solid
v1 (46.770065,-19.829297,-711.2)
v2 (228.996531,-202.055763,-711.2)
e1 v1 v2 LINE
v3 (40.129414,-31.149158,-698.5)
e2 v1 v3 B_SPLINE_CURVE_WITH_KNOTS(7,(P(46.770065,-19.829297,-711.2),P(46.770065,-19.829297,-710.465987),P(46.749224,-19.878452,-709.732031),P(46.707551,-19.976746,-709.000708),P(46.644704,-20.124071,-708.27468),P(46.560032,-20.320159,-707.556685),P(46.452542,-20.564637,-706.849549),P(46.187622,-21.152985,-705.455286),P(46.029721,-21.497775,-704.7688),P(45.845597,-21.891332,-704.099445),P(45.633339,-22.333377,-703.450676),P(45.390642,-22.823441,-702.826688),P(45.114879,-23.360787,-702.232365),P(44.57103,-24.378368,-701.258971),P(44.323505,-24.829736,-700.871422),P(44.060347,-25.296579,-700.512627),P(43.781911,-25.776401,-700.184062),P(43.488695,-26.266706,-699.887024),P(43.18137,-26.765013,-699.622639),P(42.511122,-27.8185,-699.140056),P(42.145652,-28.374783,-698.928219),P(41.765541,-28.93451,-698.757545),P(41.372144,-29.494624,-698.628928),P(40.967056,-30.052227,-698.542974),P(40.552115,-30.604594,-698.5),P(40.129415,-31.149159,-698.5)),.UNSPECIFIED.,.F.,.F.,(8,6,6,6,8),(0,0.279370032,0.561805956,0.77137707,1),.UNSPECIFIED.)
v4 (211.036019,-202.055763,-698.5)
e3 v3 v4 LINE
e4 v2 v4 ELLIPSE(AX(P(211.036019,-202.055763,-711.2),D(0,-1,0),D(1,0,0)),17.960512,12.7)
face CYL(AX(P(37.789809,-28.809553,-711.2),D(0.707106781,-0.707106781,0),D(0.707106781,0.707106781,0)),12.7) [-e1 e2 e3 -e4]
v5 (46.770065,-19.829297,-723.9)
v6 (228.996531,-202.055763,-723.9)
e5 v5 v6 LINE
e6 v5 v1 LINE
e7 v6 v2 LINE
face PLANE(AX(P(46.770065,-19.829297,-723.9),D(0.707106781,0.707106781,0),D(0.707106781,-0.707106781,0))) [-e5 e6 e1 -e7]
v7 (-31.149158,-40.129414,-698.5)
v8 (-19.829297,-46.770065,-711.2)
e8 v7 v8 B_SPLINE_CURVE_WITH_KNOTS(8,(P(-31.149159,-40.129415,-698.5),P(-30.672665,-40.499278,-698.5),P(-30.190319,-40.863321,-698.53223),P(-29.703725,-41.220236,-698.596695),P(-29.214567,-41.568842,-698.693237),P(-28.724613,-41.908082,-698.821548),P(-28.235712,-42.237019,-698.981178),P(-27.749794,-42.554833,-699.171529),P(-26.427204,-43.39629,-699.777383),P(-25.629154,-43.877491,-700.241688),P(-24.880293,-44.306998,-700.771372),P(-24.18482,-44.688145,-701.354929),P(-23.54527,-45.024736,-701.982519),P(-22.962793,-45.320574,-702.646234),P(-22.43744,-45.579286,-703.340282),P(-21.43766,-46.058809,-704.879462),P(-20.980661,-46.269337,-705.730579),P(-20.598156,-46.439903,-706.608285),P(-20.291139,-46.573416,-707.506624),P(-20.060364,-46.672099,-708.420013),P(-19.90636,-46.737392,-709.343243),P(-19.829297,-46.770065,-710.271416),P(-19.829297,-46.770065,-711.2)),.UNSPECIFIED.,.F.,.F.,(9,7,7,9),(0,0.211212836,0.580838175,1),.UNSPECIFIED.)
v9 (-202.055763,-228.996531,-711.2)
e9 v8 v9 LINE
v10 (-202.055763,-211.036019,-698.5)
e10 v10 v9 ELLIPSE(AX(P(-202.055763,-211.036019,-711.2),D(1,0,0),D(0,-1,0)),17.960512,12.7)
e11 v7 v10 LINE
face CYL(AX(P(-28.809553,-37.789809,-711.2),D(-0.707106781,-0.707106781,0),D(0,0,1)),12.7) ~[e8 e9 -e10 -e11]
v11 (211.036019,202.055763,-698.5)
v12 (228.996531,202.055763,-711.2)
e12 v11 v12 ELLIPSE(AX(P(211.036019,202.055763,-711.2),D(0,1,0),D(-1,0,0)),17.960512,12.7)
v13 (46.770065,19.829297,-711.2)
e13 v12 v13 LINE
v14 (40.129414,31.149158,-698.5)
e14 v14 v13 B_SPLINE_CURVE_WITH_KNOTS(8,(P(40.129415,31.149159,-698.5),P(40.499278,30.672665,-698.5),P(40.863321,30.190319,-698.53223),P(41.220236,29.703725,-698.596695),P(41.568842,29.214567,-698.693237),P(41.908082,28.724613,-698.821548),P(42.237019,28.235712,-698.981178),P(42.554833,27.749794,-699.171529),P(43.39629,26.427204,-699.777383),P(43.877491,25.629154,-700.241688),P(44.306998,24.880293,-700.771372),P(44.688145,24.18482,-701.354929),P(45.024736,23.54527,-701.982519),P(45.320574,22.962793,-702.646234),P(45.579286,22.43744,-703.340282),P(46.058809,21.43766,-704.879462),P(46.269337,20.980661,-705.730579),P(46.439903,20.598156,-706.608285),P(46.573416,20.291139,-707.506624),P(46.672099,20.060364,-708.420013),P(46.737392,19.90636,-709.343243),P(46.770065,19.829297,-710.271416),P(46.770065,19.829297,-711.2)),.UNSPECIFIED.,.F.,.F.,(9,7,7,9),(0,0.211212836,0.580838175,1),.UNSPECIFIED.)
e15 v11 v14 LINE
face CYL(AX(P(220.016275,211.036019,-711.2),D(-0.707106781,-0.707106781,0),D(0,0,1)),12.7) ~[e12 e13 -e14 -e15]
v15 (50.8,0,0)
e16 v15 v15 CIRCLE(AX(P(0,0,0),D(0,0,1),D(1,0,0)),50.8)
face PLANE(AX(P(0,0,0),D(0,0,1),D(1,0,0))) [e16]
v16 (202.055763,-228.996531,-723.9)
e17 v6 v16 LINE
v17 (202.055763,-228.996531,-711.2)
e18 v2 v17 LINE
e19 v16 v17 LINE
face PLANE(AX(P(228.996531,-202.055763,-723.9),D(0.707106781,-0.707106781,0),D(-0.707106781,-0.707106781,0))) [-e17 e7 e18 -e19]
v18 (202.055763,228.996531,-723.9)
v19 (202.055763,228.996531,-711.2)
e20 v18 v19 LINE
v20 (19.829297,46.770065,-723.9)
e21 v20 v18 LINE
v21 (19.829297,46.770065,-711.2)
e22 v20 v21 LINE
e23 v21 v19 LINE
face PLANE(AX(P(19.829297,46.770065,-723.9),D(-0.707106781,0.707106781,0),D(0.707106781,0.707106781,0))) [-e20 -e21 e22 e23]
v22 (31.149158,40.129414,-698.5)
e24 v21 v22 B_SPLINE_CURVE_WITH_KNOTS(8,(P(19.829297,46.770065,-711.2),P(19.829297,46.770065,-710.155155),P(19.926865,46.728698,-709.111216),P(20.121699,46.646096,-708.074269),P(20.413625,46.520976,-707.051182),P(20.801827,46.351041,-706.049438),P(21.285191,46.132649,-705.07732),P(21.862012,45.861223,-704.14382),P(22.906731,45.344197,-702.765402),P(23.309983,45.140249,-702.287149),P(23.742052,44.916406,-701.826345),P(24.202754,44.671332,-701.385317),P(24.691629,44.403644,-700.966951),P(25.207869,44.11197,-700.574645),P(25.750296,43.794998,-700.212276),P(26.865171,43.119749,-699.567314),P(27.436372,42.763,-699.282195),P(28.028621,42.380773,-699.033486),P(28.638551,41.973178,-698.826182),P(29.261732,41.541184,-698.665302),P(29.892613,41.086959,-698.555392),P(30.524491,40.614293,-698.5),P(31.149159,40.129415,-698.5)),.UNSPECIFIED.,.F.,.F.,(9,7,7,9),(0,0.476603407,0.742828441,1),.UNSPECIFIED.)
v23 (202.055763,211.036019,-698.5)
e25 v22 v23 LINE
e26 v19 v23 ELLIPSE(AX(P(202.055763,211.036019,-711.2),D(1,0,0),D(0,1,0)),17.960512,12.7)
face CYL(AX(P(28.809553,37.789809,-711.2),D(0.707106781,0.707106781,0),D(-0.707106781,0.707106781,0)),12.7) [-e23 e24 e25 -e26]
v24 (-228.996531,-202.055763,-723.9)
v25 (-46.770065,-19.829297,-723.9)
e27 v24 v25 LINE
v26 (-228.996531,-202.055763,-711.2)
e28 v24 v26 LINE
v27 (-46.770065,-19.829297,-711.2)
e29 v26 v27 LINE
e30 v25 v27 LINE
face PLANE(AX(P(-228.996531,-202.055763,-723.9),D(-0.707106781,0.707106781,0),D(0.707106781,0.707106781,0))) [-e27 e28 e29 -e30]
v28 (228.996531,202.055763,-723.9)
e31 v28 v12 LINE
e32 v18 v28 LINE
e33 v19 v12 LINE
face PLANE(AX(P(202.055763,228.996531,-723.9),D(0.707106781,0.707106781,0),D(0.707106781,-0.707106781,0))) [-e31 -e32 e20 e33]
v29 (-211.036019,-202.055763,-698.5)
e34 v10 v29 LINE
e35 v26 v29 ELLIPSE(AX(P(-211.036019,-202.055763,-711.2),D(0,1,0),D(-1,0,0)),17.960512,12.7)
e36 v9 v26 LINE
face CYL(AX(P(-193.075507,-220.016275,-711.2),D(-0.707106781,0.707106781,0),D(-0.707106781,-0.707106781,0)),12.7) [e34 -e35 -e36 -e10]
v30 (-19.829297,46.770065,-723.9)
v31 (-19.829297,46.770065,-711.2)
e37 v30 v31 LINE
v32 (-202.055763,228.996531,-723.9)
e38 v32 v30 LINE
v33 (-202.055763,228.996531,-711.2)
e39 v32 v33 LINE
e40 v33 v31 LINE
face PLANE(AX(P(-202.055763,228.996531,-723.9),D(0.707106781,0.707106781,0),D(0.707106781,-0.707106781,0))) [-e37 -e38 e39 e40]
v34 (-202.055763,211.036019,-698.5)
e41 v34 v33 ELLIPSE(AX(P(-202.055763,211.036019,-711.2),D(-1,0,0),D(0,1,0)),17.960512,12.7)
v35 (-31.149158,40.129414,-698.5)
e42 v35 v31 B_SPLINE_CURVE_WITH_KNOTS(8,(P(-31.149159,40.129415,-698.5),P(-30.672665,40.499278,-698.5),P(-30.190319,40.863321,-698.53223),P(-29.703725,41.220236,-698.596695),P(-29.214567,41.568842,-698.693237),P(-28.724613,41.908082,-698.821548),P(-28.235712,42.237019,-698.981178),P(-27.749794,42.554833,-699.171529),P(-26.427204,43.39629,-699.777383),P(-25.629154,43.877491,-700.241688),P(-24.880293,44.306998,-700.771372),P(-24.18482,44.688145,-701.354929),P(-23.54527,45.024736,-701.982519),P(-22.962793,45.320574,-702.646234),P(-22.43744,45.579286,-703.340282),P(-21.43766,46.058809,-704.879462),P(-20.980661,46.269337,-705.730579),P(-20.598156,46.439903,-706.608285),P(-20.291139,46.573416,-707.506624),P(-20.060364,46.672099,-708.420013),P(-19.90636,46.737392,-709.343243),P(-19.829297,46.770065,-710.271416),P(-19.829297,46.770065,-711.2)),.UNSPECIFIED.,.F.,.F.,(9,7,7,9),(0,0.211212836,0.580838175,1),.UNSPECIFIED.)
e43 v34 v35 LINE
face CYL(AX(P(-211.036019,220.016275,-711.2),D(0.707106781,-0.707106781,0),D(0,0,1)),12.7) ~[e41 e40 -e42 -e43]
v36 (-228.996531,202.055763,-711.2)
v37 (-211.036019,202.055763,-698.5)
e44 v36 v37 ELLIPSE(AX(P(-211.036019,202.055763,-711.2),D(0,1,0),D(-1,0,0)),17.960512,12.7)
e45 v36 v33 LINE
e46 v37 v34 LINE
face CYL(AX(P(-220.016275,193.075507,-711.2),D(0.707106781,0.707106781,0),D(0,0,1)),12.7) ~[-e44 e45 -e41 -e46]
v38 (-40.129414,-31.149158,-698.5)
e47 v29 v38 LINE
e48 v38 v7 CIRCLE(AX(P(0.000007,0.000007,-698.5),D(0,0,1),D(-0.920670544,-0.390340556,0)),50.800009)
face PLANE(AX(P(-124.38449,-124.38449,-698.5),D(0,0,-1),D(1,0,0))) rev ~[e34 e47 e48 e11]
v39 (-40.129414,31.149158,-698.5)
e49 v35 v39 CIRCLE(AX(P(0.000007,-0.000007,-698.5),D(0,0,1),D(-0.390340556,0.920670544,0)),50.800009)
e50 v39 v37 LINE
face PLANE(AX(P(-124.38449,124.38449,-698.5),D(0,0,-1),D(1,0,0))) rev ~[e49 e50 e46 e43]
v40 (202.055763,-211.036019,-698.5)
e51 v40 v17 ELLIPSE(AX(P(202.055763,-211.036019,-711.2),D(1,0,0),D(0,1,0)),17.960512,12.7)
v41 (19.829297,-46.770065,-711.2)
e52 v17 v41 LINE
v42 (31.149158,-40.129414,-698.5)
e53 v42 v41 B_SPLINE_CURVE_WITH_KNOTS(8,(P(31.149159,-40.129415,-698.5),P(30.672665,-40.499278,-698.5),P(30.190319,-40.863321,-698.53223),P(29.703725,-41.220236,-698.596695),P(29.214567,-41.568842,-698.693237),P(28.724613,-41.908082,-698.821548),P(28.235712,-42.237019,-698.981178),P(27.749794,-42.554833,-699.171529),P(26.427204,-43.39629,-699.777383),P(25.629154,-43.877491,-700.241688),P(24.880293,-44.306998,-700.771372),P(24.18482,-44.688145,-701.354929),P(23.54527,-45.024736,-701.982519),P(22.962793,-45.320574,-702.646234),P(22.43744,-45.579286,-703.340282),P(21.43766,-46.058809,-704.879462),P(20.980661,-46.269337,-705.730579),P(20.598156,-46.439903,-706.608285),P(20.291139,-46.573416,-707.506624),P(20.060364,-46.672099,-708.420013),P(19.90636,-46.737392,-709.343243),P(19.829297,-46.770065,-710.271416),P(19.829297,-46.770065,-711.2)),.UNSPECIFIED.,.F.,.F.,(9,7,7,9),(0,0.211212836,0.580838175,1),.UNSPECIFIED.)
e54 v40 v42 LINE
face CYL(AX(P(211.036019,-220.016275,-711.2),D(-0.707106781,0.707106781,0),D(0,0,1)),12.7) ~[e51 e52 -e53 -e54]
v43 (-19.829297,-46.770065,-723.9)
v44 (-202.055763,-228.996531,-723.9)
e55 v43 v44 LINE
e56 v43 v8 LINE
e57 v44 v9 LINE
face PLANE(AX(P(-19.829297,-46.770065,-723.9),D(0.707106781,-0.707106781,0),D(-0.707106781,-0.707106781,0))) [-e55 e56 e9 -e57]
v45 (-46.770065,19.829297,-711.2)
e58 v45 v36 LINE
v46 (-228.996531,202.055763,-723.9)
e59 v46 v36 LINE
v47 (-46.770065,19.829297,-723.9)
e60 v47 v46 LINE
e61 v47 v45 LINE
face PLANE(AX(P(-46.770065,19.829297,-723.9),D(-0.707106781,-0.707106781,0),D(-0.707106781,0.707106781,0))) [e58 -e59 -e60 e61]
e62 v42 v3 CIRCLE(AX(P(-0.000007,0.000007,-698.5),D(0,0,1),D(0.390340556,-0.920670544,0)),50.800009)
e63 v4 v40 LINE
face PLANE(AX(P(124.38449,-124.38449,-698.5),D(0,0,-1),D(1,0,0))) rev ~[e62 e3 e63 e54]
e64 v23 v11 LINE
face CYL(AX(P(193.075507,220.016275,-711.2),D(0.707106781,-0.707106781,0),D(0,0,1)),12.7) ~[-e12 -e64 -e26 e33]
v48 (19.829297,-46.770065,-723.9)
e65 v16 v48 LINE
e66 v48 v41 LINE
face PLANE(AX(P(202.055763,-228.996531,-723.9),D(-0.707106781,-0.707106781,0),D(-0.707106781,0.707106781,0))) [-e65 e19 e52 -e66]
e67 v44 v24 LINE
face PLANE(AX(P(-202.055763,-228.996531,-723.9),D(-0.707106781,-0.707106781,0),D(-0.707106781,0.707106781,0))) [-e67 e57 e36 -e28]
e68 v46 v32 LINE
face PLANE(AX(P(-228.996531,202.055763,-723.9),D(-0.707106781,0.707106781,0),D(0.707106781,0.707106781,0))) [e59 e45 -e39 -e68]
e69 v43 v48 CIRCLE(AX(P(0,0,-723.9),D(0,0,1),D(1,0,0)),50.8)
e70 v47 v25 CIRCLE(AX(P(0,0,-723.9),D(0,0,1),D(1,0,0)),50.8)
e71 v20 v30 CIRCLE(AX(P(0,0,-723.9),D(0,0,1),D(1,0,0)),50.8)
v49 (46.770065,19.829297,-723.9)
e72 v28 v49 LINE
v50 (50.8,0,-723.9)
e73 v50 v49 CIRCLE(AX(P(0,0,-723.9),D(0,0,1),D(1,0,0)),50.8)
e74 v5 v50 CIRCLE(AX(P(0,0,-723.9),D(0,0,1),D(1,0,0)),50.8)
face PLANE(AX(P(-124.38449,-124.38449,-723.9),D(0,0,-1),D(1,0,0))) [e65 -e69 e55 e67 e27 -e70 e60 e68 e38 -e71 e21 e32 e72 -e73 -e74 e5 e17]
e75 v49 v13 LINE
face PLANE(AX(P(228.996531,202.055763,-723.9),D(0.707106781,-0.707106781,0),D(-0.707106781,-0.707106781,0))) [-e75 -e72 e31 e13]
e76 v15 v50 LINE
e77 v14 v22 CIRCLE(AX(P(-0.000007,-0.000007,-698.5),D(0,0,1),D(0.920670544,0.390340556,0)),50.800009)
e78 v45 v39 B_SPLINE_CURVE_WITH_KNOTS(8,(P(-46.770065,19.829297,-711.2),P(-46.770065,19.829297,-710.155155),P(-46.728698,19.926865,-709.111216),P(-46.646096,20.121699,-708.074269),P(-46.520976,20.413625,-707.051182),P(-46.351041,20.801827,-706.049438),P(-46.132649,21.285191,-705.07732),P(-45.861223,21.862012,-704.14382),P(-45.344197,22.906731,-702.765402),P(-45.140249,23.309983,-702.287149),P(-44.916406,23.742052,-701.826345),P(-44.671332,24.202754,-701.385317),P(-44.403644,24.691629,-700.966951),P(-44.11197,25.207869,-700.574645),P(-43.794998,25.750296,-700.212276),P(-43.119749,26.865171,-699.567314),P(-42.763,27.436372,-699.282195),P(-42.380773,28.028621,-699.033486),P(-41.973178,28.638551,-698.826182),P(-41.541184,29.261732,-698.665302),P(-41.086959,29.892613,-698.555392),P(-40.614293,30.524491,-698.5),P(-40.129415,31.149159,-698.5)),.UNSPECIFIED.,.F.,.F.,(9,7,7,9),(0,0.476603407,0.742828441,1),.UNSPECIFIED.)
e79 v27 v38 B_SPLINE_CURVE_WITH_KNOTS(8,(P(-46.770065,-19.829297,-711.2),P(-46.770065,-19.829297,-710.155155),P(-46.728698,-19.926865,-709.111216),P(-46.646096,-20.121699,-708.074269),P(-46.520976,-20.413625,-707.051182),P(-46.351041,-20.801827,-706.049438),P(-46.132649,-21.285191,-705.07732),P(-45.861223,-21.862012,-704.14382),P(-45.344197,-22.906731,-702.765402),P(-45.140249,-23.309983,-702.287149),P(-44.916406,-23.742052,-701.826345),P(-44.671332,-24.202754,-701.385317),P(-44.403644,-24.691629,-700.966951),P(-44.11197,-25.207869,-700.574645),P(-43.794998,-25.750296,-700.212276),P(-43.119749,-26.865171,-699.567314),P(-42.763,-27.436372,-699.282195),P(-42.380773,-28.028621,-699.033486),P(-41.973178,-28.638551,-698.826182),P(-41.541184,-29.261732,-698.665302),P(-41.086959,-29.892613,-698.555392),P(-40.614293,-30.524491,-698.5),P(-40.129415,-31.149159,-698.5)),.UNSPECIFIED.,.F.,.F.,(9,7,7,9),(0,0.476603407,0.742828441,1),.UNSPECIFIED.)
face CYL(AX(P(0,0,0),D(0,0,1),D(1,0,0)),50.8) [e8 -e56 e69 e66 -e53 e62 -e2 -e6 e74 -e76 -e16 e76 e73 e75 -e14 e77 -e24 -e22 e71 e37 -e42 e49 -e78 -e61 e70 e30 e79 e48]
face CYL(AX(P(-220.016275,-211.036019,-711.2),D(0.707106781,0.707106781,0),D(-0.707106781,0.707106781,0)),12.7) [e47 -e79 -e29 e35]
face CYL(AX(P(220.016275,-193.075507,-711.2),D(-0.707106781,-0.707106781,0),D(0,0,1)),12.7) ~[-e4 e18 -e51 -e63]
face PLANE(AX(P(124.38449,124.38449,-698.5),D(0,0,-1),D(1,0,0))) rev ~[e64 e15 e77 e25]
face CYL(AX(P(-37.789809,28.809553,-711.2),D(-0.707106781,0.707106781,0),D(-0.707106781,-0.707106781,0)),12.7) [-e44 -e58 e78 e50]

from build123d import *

# Parameters (mm, degrees)
F0_R     = 50.8
F1_DEPTH = 723.9
F3_DEPTH = 25.4
F4_R     = 12.7


with BuildPart() as f1:
    # F0 (on Top) → F1 (new body)
    with BuildSketch(Plane.XY):
        Circle(F0_R)
    extrude(amount=-F1_DEPTH)

    # F2 (on face) → F3 (join)
    with BuildSketch(Plane(origin=(0, 0, -723.9), x_dir=(1, 0, 0), z_dir=(0, 0, -1))):
        with BuildLine():
            Line((-228.996531, 202.055763), (-46.770065, 19.829297))
            ThreePointArc((-46.770065, 19.829297), (-35.921024, 35.921024), (-19.829297, 46.770065))
            Line((-19.829297, 46.770065), (-202.055763, 228.996531))
            Line((-202.055763, 228.996531), (-228.996531, 202.055763))
        make_face()
        with BuildLine():
            Line((202.055763, 228.996531), (19.829297, 46.770065))
            ThreePointArc((19.829297, 46.770065), (35.921024, 35.921024), (46.770065, 19.829297))
            Line((46.770065, 19.829297), (228.996531, 202.055763))
            Line((228.996531, 202.055763), (202.055763, 228.996531))
        make_face()
        with BuildLine():
            ThreePointArc((46.770065, -19.829297), (35.921024, -35.921024), (19.829297, -46.770065))
            Line((19.829297, -46.770065), (202.055763, -228.996531))
            Line((202.055763, -228.996531), (228.996531, -202.055763))
            Line((228.996531, -202.055763), (46.770065, -19.829297))
        make_face()
        with BuildLine():
            ThreePointArc((-19.829297, -46.770065), (-35.921024, -35.921024), (-46.770065, -19.829297))
            Line((-46.770065, -19.829297), (-228.996531, -202.055763))
            Line((-228.996531, -202.055763), (-202.055763, -228.996531))
            Line((-202.055763, -228.996531), (-19.829297, -46.770065))
        make_face()
    extrude(amount=-F3_DEPTH)

    # F4
    f4_edges = [f1.edges().sort_by_distance(p)[0] for p in [
        (-110.94253, -137.883298, -698.5),
        (-215.526147, -215.526147, -698.5),
        (-137.883298, -110.94253, -698.5),
        (-137.883298, 110.94253, -698.5),
        (-215.526147, 215.526147, -698.5),
        (-110.94253, 137.883298, -698.5),
        (110.94253, 137.883298, -698.5),
        (137.883298, 110.94253, -698.5),
        (215.526147, 215.526147, -698.5),
        (137.883298, -110.94253, -698.5),
        (110.94253, -137.883298, -698.5),
        (215.526147, -215.526147, -698.5),
    ]]
    fillet(f4_edges, radius=F4_R)


with BuildPart() as f5_1:
    # F5: copy of F1
    add(f1.part)


solid = f1.part
